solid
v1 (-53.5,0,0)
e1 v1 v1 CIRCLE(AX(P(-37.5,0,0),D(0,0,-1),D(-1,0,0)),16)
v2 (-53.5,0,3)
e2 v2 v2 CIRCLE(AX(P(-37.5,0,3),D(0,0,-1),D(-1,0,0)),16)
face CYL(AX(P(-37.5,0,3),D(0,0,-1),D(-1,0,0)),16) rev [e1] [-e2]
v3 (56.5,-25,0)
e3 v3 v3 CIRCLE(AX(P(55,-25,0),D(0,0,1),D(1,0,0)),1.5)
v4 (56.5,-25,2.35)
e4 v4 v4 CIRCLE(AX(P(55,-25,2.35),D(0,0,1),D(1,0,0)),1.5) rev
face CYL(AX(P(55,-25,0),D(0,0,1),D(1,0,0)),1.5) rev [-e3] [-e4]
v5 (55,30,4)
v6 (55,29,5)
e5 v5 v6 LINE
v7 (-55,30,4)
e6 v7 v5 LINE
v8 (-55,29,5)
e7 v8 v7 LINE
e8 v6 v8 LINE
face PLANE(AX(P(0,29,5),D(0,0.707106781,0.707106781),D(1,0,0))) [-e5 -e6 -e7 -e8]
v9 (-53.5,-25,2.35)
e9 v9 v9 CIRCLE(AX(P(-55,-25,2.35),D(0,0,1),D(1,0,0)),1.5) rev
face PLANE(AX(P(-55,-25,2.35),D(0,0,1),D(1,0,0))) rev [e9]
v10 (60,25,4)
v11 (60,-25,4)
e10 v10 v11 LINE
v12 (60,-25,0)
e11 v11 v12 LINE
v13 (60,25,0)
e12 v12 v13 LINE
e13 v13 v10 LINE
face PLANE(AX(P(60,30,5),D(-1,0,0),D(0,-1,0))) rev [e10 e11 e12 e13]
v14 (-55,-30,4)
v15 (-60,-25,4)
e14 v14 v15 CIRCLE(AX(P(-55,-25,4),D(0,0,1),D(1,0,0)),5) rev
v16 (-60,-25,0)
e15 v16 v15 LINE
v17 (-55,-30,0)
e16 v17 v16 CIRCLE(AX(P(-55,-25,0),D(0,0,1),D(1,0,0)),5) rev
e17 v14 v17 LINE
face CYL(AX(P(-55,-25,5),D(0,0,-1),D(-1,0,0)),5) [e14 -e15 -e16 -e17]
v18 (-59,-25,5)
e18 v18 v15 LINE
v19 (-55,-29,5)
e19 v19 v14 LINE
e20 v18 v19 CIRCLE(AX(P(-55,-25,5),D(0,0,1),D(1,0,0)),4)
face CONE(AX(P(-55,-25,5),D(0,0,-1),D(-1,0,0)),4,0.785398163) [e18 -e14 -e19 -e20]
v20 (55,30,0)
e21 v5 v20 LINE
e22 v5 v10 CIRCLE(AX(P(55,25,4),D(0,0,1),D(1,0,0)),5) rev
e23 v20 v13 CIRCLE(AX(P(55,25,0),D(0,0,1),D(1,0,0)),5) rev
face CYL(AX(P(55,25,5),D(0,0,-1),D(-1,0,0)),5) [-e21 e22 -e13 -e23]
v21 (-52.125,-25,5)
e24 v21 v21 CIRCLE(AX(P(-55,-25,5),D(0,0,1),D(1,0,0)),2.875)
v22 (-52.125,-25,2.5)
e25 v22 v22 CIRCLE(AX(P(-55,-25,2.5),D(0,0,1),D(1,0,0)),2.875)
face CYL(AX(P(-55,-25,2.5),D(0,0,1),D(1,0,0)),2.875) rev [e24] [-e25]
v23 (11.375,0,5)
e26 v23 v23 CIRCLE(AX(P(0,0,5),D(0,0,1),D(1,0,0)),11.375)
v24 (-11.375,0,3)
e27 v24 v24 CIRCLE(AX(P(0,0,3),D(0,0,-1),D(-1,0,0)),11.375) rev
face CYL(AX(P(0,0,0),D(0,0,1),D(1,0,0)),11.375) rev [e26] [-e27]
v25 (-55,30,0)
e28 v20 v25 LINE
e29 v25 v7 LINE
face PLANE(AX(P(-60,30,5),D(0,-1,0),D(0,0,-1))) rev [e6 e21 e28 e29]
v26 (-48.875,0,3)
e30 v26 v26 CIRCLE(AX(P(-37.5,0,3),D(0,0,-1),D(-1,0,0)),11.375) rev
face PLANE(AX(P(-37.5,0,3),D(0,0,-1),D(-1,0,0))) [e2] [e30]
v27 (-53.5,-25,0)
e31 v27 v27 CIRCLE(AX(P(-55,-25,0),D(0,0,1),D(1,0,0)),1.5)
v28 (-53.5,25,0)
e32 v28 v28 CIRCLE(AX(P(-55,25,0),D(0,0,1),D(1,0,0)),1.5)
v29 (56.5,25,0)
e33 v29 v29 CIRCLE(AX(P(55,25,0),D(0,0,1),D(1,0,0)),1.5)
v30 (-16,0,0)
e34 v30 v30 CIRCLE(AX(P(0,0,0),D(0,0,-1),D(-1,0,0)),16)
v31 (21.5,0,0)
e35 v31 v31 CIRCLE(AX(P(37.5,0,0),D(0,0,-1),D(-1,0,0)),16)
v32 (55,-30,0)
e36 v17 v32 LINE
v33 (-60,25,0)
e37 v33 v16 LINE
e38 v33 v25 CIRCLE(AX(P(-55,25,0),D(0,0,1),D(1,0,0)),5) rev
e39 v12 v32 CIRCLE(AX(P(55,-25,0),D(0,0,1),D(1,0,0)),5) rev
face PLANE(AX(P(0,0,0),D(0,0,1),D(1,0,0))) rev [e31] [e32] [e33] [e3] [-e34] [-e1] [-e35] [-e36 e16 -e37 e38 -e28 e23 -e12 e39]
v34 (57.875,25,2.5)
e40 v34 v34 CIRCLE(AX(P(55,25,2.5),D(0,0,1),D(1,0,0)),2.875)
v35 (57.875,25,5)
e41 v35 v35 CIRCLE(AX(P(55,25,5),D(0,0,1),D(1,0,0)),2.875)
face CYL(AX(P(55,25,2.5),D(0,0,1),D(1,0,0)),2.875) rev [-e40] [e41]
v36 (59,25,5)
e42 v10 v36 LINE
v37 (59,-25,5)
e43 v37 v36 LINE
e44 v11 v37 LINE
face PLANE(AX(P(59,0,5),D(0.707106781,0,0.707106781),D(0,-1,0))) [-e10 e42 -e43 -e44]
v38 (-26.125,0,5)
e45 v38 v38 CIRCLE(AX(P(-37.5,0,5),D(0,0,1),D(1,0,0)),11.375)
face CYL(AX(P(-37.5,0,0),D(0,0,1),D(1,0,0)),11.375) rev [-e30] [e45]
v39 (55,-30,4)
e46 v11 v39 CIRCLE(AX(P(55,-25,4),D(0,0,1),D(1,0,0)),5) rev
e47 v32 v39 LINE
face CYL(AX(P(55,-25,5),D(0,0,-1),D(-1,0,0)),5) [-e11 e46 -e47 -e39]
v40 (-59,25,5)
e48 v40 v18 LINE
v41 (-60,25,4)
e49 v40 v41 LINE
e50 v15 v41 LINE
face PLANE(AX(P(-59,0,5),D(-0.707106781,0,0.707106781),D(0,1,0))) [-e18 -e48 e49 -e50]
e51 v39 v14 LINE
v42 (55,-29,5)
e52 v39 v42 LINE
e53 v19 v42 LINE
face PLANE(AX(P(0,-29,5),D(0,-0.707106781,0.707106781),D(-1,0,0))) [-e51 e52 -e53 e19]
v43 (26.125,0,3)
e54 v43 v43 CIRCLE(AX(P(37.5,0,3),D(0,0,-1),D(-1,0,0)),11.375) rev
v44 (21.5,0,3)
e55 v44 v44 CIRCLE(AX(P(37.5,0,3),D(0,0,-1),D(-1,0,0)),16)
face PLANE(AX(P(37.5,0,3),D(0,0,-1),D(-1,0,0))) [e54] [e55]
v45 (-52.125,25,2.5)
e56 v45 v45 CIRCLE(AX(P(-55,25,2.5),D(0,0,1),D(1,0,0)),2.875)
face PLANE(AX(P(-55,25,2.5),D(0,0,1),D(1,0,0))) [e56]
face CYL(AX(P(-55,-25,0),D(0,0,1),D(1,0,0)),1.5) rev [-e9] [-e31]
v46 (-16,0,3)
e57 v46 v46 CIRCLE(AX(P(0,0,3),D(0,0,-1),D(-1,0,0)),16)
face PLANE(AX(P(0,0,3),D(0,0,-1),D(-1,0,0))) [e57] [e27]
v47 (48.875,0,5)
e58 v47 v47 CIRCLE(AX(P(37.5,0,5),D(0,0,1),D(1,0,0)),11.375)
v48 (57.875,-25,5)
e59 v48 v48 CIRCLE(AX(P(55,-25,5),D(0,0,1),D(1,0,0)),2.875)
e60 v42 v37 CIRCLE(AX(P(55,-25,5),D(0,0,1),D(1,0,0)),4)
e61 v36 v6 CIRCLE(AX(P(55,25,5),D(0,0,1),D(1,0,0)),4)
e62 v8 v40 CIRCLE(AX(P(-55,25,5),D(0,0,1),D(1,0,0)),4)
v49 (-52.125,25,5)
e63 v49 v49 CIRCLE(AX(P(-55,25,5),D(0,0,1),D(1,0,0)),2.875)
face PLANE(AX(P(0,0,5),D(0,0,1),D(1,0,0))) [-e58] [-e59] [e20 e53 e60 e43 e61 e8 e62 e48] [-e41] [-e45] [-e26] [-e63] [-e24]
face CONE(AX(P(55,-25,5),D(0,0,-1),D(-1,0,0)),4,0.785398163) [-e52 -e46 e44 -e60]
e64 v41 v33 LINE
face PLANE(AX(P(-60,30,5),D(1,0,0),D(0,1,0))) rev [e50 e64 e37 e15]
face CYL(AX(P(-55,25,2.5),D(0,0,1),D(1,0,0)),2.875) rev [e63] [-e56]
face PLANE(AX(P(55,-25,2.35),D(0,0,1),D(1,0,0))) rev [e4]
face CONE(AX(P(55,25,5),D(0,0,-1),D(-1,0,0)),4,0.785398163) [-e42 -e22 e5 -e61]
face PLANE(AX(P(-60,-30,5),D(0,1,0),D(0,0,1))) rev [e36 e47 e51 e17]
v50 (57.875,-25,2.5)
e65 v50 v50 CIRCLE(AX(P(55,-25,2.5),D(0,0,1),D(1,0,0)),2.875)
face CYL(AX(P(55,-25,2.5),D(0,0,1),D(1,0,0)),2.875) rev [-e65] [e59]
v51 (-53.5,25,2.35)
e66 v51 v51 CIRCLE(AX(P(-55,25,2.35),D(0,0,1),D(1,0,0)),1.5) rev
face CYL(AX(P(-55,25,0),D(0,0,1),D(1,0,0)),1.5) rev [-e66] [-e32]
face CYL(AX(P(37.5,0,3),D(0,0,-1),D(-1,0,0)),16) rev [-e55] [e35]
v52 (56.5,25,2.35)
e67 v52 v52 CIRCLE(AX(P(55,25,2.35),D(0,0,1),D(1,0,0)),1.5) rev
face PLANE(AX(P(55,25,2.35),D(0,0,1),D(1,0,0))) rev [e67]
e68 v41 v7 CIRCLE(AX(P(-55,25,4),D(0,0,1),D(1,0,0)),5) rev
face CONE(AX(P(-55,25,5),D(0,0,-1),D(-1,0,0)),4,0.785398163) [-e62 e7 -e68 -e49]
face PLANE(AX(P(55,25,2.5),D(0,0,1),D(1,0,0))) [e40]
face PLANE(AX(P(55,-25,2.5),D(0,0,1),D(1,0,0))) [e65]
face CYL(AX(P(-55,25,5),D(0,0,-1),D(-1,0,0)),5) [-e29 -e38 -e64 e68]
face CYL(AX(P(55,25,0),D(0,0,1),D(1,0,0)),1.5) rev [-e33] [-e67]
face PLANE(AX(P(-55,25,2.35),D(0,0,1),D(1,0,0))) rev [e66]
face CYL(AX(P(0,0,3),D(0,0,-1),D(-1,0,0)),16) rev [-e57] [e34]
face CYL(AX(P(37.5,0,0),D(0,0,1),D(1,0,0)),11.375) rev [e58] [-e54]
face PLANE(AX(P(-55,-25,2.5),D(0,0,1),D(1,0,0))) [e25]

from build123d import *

# Parameters (mm, degrees)
SKETCH1_W           = 120
SKETCH1_H           = 60
BOSS_EXTRUDE1_DEPTH = 5
SKETCH2_R           = 11.375
CUT_EXTRUDE1_DEPTH  = 68.268120235
FILLET1_R           = 5
SKETCH3_R           = 1.5
CUT_EXTRUDE2_DEPTH  = 68.268120235
SKETCH4_R           = 2.875
CUT_EXTRUDE3_DEPTH  = 2.5
CHAMFER1_SIZE       = 1
SKETCH5_R           = 16
CUT_EXTRUDE4_DEPTH  = 3
SKETCH6_R           = 2.5
BOSS_EXTRUDE2_DEPTH = 0.15


with BuildPart() as part:
    # Sketch1 → Boss-Extrude1 (new body)
    with BuildSketch(Plane.XY):
        Rectangle(SKETCH1_W, SKETCH1_H)
    extrude(amount=BOSS_EXTRUDE1_DEPTH)

    # Sketch2 → Cut-Extrude1 (cut, through all)
    with BuildSketch(Plane.XY.offset(5)):
        Circle(SKETCH2_R)
        with Locations((37.5, 0)):
            Circle(SKETCH2_R)
        with Locations((-37.5, 0)):
            Circle(SKETCH2_R)
    extrude(amount=-CUT_EXTRUDE1_DEPTH, mode=Mode.SUBTRACT)

    # Fillet1
    fillet1_edges = [part.edges().sort_by_distance(p)[0] for p in [
        (60, -30, 2.5),
        (-60, -30, 2.5),
        (-60, 30, 2.5),
        (60, 30, 2.5),
    ]]
    fillet(fillet1_edges, radius=FILLET1_R)

    # Sketch3 → Cut-Extrude2 (cut, through all)
    with BuildSketch(Plane.XY.offset(5)):
        with Locations((-55, 25)):
            Circle(SKETCH3_R)
        with Locations((55, 25)):
            Circle(SKETCH3_R)
        with Locations((55, -25)):
            Circle(SKETCH3_R)
        with Locations((-55, -25)):
            Circle(SKETCH3_R)
    extrude(amount=-CUT_EXTRUDE2_DEPTH, mode=Mode.SUBTRACT)

    # Sketch4 → Cut-Extrude3 (cut)
    with BuildSketch(Plane.XY.offset(5)):
        with Locations((-55, 25)):
            Circle(SKETCH4_R)
        with Locations((55, 25)):
            Circle(SKETCH4_R)
        with Locations((55, -25)):
            Circle(SKETCH4_R)
        with Locations((-55, -25)):
            Circle(SKETCH4_R)
    extrude(amount=-CUT_EXTRUDE3_DEPTH, mode=Mode.SUBTRACT)

    # Chamfer1
    chamfer1_edges = [part.edges().sort_by_distance(p)[0] for p in [
        (0, -30, 5),
        (-60, 0, 5),
        (60, 0, 5),
        (0, 30, 5),
        (-58.535533906, 28.535533906, 5),
        (58.535533906, 28.535533906, 5),
        (58.535533906, -28.535533906, 5),
        (-58.535533906, -28.535533906, 5),
    ]]
    chamfer(chamfer1_edges, length=CHAMFER1_SIZE)

    # Sketch5 → Cut-Extrude4 (cut)
    with BuildSketch(Plane(origin=(0, 0, 0), x_dir=(-1, 0, 0), z_dir=(0, 0, -1))):
        with Locations((-37.5, 0)):
            Circle(SKETCH5_R)
        Circle(SKETCH5_R)
        with Locations((37.5, 0)):
            Circle(SKETCH5_R)
    extrude(amount=-CUT_EXTRUDE4_DEPTH, mode=Mode.SUBTRACT)

    # Sketch6 → Boss-Extrude2 (add)
    with BuildSketch(Plane.XY.offset(2.5)):
        with Locations((-55, 25)):
            Circle(SKETCH6_R)
        with Locations((55, 25)):
            Circle(SKETCH6_R)
        with Locations((55, -25)):
            Circle(SKETCH6_R)
        with Locations((-55, -25)):
            Circle(SKETCH6_R)
    extrude(amount=-BOSS_EXTRUDE2_DEPTH)


solid = part.part
